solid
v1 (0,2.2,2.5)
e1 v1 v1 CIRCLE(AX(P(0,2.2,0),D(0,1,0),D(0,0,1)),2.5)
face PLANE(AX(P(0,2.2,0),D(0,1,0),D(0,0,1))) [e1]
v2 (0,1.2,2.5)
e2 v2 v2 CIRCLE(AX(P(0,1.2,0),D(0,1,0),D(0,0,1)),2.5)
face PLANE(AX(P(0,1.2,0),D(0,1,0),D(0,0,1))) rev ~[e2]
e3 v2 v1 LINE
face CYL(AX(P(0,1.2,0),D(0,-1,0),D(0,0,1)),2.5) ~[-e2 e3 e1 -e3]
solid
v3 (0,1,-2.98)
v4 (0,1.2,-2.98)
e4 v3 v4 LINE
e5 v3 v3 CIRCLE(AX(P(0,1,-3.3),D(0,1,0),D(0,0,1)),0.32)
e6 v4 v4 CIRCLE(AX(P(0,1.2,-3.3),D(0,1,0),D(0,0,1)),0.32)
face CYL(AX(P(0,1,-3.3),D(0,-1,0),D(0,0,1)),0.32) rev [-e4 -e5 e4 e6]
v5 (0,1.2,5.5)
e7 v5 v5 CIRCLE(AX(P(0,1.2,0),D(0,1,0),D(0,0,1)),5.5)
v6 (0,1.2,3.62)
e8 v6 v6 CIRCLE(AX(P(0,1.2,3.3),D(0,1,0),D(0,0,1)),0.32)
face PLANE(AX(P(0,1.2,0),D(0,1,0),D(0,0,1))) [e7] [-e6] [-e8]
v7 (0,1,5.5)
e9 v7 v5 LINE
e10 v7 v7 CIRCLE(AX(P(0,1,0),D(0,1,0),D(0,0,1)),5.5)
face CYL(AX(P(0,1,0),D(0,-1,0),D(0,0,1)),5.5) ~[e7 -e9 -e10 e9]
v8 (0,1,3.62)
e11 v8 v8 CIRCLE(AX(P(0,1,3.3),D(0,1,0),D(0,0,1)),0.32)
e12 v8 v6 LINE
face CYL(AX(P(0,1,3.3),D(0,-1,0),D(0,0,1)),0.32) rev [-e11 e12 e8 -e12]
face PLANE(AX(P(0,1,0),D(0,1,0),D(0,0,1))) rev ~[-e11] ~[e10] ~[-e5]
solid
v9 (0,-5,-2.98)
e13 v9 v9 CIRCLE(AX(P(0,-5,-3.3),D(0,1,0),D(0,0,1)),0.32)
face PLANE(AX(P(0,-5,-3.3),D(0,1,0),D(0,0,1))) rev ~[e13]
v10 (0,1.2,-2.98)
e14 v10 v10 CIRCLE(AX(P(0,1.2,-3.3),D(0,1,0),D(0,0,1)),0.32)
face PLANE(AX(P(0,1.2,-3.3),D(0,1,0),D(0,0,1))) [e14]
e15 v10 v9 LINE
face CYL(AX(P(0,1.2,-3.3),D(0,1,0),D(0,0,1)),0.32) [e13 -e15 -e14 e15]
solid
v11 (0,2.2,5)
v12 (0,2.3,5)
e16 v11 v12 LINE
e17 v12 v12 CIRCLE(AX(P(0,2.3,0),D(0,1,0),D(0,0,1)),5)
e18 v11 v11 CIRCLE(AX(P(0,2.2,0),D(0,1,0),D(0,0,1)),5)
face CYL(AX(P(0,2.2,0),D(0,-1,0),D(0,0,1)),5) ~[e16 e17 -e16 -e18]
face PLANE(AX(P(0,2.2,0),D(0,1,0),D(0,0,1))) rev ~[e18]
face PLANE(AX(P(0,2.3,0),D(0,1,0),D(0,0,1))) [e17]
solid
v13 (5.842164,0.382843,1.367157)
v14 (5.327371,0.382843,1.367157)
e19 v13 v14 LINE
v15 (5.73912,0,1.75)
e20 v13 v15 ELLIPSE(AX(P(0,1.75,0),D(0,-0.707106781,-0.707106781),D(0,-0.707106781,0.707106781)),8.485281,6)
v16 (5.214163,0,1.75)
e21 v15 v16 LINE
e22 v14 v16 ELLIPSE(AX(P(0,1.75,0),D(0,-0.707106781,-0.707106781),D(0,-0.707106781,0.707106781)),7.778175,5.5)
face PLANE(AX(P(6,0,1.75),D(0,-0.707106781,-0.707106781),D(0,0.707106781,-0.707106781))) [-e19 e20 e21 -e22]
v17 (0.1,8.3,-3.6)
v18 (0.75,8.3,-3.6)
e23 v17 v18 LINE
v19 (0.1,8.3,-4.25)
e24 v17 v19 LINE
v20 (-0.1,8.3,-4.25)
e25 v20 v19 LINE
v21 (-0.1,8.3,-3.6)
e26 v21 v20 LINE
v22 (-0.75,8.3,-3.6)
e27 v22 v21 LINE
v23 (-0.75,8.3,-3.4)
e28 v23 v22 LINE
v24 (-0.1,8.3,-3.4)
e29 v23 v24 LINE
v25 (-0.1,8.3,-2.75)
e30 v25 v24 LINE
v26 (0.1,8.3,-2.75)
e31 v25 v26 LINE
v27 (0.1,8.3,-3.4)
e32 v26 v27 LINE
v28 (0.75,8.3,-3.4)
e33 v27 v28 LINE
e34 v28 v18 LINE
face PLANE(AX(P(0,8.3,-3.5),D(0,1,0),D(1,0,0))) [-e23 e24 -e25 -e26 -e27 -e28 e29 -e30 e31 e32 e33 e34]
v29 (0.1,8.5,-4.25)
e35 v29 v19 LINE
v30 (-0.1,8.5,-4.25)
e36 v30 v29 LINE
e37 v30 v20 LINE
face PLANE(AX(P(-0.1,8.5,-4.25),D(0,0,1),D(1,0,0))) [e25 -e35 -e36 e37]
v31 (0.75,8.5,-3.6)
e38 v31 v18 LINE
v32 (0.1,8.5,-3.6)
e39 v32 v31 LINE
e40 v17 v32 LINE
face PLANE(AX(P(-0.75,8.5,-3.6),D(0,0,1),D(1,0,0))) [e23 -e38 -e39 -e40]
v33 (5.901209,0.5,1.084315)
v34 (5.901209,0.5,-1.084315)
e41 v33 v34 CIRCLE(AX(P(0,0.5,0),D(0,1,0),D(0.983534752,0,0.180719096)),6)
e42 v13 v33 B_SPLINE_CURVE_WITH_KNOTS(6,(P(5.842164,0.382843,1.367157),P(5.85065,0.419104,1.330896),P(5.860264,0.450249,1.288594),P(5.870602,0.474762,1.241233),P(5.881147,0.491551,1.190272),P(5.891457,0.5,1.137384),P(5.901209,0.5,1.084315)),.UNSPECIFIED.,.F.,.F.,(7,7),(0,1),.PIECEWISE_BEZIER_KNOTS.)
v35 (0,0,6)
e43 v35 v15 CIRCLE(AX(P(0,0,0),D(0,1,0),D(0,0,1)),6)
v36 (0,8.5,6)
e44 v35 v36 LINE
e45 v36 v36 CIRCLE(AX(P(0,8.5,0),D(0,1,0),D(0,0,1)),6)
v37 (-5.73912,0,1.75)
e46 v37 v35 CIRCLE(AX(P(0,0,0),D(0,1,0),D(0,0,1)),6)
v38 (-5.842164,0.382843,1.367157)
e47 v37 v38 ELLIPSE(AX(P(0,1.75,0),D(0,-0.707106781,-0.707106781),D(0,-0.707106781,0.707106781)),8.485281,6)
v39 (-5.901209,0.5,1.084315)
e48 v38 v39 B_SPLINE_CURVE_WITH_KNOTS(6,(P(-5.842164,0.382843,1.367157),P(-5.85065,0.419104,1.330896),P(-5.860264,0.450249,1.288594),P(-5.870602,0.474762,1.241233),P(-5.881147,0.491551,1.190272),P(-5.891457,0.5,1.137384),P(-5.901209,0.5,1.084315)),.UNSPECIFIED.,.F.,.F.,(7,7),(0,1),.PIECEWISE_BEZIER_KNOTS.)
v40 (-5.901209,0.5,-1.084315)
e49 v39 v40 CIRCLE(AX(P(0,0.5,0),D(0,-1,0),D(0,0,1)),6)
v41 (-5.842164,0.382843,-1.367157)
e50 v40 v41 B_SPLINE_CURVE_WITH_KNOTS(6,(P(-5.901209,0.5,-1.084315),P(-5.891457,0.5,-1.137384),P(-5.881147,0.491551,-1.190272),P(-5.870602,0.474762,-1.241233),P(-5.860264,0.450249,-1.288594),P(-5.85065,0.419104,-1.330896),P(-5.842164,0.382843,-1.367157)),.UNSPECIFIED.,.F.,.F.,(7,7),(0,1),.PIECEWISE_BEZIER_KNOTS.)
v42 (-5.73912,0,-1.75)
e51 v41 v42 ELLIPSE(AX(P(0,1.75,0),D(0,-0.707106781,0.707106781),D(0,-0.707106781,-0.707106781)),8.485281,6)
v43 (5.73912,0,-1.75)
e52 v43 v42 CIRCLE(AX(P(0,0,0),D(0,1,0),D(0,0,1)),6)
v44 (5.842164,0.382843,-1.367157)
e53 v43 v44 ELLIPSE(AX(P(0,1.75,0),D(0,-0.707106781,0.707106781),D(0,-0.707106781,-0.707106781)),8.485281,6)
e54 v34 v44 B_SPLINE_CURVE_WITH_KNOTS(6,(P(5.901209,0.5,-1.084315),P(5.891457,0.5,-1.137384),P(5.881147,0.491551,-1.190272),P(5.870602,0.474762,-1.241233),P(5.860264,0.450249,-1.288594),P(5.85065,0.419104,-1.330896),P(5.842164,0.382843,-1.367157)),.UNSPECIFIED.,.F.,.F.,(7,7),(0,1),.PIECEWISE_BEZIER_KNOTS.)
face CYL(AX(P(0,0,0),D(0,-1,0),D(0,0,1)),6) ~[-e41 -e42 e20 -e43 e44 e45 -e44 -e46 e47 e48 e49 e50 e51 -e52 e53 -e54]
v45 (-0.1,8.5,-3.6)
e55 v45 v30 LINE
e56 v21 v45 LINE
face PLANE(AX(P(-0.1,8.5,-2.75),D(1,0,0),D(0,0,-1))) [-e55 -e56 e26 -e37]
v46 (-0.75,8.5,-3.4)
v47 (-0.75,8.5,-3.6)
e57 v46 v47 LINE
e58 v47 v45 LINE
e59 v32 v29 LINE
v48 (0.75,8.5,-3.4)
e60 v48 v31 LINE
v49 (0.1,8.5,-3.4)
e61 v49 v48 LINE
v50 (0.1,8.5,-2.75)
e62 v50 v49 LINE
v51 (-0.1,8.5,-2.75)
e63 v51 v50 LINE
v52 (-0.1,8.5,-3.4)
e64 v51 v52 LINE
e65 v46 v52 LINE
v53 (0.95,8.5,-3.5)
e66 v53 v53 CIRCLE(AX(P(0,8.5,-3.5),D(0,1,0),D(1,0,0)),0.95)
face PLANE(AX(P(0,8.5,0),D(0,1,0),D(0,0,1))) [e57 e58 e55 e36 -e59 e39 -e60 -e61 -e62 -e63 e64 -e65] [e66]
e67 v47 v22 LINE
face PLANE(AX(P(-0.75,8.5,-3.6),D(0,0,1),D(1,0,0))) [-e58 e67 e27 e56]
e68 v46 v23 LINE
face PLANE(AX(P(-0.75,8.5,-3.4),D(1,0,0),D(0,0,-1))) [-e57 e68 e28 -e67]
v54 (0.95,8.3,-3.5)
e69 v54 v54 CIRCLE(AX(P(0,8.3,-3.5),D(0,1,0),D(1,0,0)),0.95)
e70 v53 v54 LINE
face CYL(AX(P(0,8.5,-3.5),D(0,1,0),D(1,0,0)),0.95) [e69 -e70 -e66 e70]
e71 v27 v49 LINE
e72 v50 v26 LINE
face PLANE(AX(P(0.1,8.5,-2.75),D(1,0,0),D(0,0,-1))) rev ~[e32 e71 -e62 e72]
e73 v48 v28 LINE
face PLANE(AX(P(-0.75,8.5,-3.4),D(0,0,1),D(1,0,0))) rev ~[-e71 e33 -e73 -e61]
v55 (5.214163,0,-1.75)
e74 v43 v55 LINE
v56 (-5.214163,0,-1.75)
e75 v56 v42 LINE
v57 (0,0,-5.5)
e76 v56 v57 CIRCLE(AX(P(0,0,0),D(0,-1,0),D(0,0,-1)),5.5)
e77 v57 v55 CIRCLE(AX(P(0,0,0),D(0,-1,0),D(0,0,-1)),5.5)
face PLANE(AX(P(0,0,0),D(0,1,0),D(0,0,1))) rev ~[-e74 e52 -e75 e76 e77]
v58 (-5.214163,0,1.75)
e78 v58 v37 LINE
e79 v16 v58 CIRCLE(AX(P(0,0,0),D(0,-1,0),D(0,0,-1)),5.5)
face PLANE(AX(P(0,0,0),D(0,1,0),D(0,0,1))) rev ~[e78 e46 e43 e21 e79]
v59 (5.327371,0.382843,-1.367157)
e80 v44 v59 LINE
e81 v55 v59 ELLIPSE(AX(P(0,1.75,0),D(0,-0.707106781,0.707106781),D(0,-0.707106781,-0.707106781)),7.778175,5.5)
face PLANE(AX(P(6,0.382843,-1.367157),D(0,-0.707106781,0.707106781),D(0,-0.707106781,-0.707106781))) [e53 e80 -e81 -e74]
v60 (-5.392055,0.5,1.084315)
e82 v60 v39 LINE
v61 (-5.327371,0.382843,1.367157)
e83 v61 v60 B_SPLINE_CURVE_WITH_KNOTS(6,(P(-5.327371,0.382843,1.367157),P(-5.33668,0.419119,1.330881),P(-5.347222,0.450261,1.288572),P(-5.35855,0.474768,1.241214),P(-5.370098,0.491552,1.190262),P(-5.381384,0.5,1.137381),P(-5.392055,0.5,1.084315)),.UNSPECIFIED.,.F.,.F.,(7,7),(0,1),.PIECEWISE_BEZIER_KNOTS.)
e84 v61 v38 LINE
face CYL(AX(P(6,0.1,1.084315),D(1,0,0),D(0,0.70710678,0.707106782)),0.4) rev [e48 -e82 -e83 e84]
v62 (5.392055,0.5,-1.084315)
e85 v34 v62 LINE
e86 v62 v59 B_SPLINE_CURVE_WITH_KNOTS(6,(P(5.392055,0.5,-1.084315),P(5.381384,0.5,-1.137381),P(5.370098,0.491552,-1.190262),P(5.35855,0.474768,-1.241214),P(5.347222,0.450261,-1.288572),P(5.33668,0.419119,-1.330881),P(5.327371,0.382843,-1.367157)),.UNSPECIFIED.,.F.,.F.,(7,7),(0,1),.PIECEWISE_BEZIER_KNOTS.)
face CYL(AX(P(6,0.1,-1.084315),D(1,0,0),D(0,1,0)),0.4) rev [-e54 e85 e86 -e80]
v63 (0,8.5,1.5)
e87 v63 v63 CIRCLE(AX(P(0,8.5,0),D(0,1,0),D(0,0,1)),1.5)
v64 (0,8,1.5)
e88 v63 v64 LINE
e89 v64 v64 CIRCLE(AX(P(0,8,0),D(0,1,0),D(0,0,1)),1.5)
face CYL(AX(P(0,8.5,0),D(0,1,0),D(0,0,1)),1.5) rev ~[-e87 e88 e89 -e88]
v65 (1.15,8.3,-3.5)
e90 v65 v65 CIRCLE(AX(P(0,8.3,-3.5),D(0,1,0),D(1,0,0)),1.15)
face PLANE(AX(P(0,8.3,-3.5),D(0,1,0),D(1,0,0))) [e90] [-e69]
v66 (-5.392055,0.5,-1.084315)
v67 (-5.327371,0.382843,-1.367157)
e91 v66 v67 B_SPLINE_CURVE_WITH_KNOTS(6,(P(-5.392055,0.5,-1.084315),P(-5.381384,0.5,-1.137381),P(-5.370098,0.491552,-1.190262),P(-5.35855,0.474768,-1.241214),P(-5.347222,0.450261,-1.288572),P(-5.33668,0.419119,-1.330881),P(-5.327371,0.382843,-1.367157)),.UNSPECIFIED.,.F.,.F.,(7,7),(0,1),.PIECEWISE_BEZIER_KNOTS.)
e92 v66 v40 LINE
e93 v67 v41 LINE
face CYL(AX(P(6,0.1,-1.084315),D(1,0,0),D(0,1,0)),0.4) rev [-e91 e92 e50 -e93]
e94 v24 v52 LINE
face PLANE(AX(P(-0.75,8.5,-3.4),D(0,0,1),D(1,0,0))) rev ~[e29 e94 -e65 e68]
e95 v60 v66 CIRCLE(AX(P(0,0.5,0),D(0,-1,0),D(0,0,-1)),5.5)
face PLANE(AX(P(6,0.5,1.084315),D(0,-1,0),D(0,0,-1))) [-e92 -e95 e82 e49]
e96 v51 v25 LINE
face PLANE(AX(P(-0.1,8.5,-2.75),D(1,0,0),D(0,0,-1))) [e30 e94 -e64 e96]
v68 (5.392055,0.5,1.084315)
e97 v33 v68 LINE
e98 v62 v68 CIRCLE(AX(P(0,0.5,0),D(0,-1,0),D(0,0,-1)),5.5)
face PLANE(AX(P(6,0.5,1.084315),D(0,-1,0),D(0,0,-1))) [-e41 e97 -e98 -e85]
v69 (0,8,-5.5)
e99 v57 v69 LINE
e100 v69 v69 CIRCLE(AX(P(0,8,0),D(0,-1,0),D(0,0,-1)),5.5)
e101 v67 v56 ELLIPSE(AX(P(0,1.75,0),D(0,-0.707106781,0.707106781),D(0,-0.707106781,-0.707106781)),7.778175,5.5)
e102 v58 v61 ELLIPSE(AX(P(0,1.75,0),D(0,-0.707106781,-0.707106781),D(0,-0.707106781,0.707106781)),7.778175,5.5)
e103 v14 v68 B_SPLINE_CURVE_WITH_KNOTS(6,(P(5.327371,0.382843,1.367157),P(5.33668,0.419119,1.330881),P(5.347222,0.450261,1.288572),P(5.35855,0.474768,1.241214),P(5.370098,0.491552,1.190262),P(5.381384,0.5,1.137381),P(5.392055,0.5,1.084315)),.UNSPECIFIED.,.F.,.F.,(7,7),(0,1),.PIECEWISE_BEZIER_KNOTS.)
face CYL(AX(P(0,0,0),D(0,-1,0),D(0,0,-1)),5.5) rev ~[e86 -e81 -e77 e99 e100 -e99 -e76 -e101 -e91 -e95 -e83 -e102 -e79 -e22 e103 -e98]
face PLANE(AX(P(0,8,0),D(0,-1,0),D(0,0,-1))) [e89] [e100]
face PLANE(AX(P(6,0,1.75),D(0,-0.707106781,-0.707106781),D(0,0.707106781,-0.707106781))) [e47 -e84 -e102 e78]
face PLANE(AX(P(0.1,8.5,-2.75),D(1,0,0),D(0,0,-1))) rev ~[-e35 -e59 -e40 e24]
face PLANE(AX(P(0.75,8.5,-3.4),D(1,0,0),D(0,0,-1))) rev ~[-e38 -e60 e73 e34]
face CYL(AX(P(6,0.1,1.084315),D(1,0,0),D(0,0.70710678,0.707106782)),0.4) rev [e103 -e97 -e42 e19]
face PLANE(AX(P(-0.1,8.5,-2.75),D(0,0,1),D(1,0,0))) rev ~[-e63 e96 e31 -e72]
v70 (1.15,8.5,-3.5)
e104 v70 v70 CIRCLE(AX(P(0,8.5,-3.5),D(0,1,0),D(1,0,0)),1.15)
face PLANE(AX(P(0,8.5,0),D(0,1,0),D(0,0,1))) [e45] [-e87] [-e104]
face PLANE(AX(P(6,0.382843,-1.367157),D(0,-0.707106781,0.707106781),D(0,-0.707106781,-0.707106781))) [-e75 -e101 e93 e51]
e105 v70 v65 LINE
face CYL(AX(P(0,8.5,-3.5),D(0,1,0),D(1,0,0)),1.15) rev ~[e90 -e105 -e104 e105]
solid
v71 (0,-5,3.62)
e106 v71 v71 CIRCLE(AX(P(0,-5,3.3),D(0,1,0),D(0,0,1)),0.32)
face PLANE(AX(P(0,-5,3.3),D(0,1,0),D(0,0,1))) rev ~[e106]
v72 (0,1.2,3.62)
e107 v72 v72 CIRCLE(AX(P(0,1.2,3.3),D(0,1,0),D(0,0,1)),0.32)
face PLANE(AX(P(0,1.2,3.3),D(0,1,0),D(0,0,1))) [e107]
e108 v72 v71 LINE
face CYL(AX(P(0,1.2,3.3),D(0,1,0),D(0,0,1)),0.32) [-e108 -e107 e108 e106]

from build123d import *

# Parameters (mm, degrees)
SKETCH1_R               = 6
BOSS_EXTRUDE1_DEPTH     = 8.5
SKETCH2_R               = 5.5
CUT_EXTRUDE1_DEPTH      = 8
CUT_EXTRUDE2_REACH      = 14.01
SKETCH3_R               = 1.5
SKETCH4_R               = 1.15
SKETCH4_R_2             = 0.95
SKETCH4_W               = 1.5
SKETCH4_H               = 0.2
SKETCH4_W_2             = 0.2
SKETCH4_H_2             = 1.5
CUT_EXTRUDE_THIN1_DEPTH = 0.2
CUT_EXTRUDE3_DEPTH      = 16.882380174
SKETCH6_R               = 5.5
SKETCH6_R_2             = 0.32
BOARD_EXTRUDE_DEPTH     = 0.2
SKETCH7_R               = 0.32
PINS_DEPTH              = 6.2
PINS_2_DEPTH            = 6.2
SKETCH8_R               = 2.5
QUARTZ_EXTRUDE_DEPTH    = 1
SKETCH9_R               = 5
PLATE_EXTRUDE_DEPTH     = 0.1


with BuildPart() as part:
    # Sketch1 → Boss-Extrude1 (new body)
    with BuildSketch(Plane(origin=(0, 0, 0), x_dir=(1, 0, 0), z_dir=(0, 1, 0))):
        with Locations(Location((0, 0, 0), (0, 0, 270))):
            Circle(SKETCH1_R)
    extrude(amount=BOSS_EXTRUDE1_DEPTH)

    # Sketch2 → Cut-Extrude1 (cut)
    with BuildSketch(Plane(origin=(0, 0, 0), x_dir=(-1, 0, 0), z_dir=(0, -1, 0))):
        with Locations(Location((0, 0, 0), (0, 0, 90))):
            Circle(SKETCH2_R)
    extrude(amount=-CUT_EXTRUDE1_DEPTH, mode=Mode.SUBTRACT)

    # Sketch3 → Cut-Extrude2 (cut, up to next)
    with BuildSketch(Plane(origin=(0, 8.5, 0), x_dir=(1, 0, 0), z_dir=(0, 1, 0)), mode=Mode.PRIVATE) as cut_extrude2_sk1:
        with Locations(Location((0, 0, 0), (0, 0, 270))):
            Circle(SKETCH3_R)
    cut_extrude2_tool1 = extrude(cut_extrude2_sk1.sketch, amount=-CUT_EXTRUDE2_REACH, mode=Mode.PRIVATE) & part.part
    add(cut_extrude2_tool1.solids().sort_by_distance((0, 8.5, 0))[0], mode=Mode.SUBTRACT)

    # Sketch4 → Cut-Extrude-Thin1 (cut)
    # profile 1 of 3: a face of its own
    with BuildSketch(Plane(origin=(0, 8.5, 0), x_dir=(1, 0, 0), z_dir=(0, 1, 0))):
        with Locations((0, 3.5)):
            Circle(SKETCH4_R)
        with Locations((0, 3.5)):
            Circle(SKETCH4_R_2, mode=Mode.SUBTRACT)
    # profile 2 of 3: a face of its own
    with BuildSketch(Plane(origin=(0, 8.5, 0), x_dir=(1, 0, 0), z_dir=(0, 1, 0))):
        with Locations((0, 3.5)):
            Rectangle(SKETCH4_W, SKETCH4_H)
    # profile 3 of 3: a face of its own
    with BuildSketch(Plane(origin=(0, 8.5, 0), x_dir=(1, 0, 0), z_dir=(0, 1, 0))):
        with Locations((0, 3.5)):
            Rectangle(SKETCH4_W_2, SKETCH4_H_2)
    extrude(amount=-CUT_EXTRUDE_THIN1_DEPTH, mode=Mode.SUBTRACT)

    # Sketch5 → Cut-Extrude3 (cut, through all)
    with BuildSketch(Plane(origin=(6, 0, 0), x_dir=(0, 0, -1), z_dir=(1, 0, 0))):
        with BuildLine():
            Line((-1.084314575, 0.5), (1.084314575, 0.5))
            ThreePointArc((1.084314575, 0.5), (1.237387948, 0.469551813), (1.367157288, 0.382842712))
            Line((1.367157288, 0.382842712), (1.75, 0))
            Line((1.75, 0), (-1.75, 0))
            Line((-1.75, 0), (-1.367157288, 0.382842712))
            ThreePointArc((-1.367157288, 0.382842712), (-1.237387948, 0.469551813), (-1.084314575, 0.5))
        make_face()
    extrude(amount=-CUT_EXTRUDE3_DEPTH, mode=Mode.SUBTRACT)


with BuildPart() as body_2:
    # Sketch6 → Board extrude (new body)
    with BuildSketch(Plane(origin=(0, 1, 0), x_dir=(1, 0, 0), z_dir=(0, 1, 0))):
        with Locations(Location((0, 0, 0), (0, 0, 270))):
            Circle(SKETCH6_R)
        with Locations(Location((0, 3.3, 0), (0, 0, 270))):
            Circle(SKETCH6_R_2, mode=Mode.SUBTRACT)
        with Locations(Location((0, -3.3, 0), (0, 0, 270))):
            Circle(SKETCH6_R_2, mode=Mode.SUBTRACT)
    extrude(amount=BOARD_EXTRUDE_DEPTH)


with BuildPart() as body_3:
    # Sketch7 → Pins (new body)
    with BuildSketch(Plane(origin=(0, 1.2, 0), x_dir=(1, 0, 0), z_dir=(0, 1, 0))):
        with Locations(Location((0, 3.3, 0), (0, 0, 270))):
            Circle(SKETCH7_R)
    extrude(amount=-PINS_DEPTH)


with BuildPart() as body_4:
    # Sketch7 → Pins 2 (new body)
    with BuildSketch(Plane(origin=(0, 1.2, 0), x_dir=(1, 0, 0), z_dir=(0, 1, 0))):
        with Locations(Location((0, -3.3, 0), (0, 0, 270))):
            Circle(SKETCH7_R)
    extrude(amount=-PINS_2_DEPTH)


with BuildPart() as body_5:
    # Sketch8 → Quartz extrude (new body)
    with BuildSketch(Plane(origin=(0, 1.2, 0), x_dir=(1, 0, 0), z_dir=(0, 1, 0))):
        with Locations(Location((0, 0, 0), (0, 0, 270))):
            Circle(SKETCH8_R)
    extrude(amount=QUARTZ_EXTRUDE_DEPTH)


with BuildPart() as body_6:
    # Sketch9 → Plate extrude (new body)
    with BuildSketch(Plane(origin=(0, 2.2, 0), x_dir=(1, 0, 0), z_dir=(0, 1, 0))):
        with Locations(Location((0, 0, 0), (0, 0, 270))):
            Circle(SKETCH9_R)
    extrude(amount=PLATE_EXTRUDE_DEPTH)


solid = Compound([part.part, body_2.part, body_3.part, body_4.part, body_5.part, body_6.part])
